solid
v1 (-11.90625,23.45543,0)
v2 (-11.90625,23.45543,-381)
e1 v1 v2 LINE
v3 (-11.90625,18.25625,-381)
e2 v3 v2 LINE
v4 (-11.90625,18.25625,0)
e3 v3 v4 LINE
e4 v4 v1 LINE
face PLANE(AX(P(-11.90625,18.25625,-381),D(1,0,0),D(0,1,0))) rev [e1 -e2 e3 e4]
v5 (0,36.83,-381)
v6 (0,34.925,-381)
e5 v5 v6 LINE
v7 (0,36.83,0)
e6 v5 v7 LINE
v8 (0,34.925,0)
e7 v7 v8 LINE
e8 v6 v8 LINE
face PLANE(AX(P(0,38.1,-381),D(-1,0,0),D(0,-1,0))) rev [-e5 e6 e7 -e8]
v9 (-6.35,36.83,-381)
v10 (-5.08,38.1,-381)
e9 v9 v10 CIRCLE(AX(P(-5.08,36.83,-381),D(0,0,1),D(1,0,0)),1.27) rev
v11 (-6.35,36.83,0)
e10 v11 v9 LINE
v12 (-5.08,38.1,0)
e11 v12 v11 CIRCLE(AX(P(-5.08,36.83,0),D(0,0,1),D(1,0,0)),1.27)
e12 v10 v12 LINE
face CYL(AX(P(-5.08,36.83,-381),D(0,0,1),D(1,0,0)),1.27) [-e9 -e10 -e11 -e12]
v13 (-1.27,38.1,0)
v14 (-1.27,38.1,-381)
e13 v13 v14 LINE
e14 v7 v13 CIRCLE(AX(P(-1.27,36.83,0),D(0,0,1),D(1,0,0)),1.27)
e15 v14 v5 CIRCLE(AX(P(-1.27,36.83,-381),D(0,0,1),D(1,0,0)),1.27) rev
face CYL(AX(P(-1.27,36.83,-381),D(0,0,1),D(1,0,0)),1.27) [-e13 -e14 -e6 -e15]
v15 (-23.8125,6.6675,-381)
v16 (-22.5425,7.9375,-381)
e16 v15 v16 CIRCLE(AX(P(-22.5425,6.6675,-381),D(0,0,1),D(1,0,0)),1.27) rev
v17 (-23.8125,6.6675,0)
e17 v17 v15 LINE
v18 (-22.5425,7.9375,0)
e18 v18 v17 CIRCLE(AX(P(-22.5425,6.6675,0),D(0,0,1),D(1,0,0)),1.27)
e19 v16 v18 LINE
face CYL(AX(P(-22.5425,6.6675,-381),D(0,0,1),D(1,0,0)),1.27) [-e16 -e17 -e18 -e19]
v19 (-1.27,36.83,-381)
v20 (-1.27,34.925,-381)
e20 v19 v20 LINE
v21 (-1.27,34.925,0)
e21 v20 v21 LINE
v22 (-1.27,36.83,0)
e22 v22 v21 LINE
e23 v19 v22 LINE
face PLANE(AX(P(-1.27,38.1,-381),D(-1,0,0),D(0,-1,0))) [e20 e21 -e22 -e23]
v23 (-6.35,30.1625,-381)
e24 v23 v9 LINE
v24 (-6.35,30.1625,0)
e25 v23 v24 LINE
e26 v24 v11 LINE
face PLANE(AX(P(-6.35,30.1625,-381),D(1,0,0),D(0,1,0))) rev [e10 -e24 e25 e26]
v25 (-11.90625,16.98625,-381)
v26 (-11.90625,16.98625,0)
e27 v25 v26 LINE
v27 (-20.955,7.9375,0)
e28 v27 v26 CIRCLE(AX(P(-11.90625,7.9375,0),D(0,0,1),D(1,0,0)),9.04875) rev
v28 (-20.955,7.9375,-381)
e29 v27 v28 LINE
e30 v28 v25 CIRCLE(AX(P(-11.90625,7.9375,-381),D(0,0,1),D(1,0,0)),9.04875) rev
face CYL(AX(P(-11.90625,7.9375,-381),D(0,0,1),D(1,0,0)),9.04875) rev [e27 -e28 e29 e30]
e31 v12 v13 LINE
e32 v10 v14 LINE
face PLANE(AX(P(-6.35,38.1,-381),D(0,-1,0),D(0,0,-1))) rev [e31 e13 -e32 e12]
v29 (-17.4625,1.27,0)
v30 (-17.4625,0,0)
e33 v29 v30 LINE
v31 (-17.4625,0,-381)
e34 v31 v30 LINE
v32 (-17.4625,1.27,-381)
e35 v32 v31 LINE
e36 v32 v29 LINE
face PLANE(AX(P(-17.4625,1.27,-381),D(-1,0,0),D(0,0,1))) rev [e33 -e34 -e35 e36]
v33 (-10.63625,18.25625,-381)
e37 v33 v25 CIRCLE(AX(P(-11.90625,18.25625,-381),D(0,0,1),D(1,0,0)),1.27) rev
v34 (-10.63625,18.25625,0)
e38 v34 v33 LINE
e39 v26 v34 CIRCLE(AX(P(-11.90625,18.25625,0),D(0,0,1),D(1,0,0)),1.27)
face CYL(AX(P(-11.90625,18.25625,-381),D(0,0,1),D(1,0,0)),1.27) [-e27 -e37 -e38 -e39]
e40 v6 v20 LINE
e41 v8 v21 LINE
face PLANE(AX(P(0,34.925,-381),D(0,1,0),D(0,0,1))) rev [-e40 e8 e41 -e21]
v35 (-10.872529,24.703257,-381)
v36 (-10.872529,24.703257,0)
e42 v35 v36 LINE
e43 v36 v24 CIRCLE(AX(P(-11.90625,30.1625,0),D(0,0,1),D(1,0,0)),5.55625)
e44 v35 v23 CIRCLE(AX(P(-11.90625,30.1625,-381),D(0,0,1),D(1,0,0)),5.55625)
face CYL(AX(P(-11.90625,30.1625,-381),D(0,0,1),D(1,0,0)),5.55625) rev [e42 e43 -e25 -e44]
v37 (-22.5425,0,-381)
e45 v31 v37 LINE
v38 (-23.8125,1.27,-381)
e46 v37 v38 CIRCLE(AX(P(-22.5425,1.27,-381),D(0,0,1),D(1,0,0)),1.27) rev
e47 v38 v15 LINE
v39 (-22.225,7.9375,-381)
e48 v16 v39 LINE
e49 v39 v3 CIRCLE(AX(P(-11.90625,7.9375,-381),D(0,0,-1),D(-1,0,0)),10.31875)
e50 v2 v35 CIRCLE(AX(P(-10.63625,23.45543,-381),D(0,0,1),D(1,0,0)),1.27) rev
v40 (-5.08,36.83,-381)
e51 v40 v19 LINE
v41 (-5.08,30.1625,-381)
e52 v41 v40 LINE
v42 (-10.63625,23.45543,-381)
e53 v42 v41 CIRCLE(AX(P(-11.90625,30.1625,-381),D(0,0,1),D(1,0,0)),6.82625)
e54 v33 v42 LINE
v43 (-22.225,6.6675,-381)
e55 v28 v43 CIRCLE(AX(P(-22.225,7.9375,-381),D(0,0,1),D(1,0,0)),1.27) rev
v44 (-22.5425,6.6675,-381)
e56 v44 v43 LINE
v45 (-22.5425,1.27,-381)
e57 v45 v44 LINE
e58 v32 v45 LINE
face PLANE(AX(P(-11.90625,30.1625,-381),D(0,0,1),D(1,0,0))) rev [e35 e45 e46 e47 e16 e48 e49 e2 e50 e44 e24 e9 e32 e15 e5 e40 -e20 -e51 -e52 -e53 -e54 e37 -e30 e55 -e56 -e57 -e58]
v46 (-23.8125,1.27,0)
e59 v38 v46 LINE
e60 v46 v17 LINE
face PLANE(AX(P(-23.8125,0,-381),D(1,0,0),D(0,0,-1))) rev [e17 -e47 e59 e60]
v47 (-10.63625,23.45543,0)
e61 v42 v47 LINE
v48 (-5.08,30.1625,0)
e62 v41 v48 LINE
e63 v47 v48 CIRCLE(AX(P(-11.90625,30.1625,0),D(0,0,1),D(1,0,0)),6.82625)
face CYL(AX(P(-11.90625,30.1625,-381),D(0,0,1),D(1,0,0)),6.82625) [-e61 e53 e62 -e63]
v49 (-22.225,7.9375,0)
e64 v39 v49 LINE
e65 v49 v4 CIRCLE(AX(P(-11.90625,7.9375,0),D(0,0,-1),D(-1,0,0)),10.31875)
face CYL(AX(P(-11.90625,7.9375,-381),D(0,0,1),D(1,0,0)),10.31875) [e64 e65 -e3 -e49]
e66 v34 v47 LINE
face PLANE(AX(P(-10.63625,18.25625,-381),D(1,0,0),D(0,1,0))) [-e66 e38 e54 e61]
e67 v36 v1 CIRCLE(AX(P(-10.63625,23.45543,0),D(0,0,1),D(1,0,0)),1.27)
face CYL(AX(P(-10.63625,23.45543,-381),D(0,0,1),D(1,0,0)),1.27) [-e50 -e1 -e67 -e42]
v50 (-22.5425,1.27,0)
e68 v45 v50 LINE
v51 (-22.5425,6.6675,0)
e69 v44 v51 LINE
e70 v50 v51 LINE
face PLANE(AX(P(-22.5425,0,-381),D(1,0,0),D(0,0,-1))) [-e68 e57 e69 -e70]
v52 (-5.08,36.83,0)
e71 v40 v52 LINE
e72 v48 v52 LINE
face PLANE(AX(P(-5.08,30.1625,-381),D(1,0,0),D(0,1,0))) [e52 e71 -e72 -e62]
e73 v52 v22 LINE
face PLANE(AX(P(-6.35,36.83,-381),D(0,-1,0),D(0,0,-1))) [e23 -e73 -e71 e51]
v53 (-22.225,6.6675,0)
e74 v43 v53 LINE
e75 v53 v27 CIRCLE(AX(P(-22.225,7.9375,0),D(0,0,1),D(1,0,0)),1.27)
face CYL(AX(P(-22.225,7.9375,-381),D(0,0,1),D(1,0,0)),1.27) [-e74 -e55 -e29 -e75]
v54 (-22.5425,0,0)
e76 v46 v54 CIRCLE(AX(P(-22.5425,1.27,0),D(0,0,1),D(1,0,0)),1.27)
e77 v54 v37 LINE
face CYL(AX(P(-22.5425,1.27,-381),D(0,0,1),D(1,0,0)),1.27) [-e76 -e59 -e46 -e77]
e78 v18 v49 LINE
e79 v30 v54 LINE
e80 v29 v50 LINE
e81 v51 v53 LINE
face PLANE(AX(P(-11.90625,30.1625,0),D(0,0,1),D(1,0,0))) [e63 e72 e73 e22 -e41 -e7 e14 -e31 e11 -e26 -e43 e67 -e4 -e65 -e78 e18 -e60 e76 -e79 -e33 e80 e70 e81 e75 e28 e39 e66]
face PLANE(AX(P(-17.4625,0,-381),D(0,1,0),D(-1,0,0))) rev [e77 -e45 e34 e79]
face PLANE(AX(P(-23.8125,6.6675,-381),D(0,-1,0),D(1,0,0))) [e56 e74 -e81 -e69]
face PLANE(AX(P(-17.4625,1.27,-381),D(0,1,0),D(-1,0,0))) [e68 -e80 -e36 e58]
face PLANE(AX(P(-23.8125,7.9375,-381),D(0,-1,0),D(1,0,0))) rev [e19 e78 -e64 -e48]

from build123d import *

# Parameters (mm, degrees)
EXTRUDE_THIN1_DEPTH = 381
FILLET1_R           = 1.27


with BuildPart() as part:
    # Sketch1 → Extrude-Thin1 (new body)
    with BuildSketch(Plane.XY):
        with BuildLine():
            Line((-17.4625, 0), (-23.8125, 0))
            Line((-23.8125, 0), (-23.8125, 7.9375))
            Line((-23.8125, 7.9375), (-22.225, 7.9375))
            ThreePointArc((-22.225, 7.9375), (-19.202708098, 15.233958098), (-11.90625, 18.25625))
            Line((-11.90625, 18.25625), (-11.90625, 24.60625))
            ThreePointArc((-11.90625, 24.60625), (-7.977387947, 26.233637947), (-6.35, 30.1625))
            Line((-6.35, 30.1625), (-6.35, 38.1))
            Line((-6.35, 38.1), (0, 38.1))
            Line((0, 38.1), (0, 34.925))
            Line((0, 34.925), (-1.27, 34.925))
            Line((-1.27, 34.925), (-1.27, 36.83))
            Line((-1.27, 36.83), (-5.08, 36.83))
            Line((-5.08, 36.83), (-5.08, 30.1625))
            ThreePointArc((-5.08, 30.1625), (-6.649491181, 25.807712315), (-10.63625, 23.45542992))
            Line((-10.63625, 23.45542992), (-10.63625, 16.896683923))
            ThreePointArc((-10.63625, 16.896683923), (-18.304682486, 14.335932486), (-20.865433923, 6.6675))
            Line((-20.865433923, 6.6675), (-22.5425, 6.6675))
            Line((-22.5425, 6.6675), (-22.5425, 1.27))
            Line((-22.5425, 1.27), (-17.4625, 1.27))
            Line((-17.4625, 1.27), (-17.4625, 0))
        make_face()
    extrude(amount=-EXTRUDE_THIN1_DEPTH)

    # Fillet1
    fillet1_edges = [part.edges().sort_by_distance(p)[0] for p in [
        (-10.63625, 16.896683923, -190.5),
        (-20.865433923, 6.6675, -190.5),
        (-23.8125, 0, -190.5),
        (-23.8125, 7.9375, -190.5),
        (-11.90625, 24.60625, -190.5),
        (-6.35, 38.1, -190.5),
        (0, 38.1, -190.5),
    ]]
    fillet(fillet1_edges, radius=FILLET1_R)


solid = part.part
